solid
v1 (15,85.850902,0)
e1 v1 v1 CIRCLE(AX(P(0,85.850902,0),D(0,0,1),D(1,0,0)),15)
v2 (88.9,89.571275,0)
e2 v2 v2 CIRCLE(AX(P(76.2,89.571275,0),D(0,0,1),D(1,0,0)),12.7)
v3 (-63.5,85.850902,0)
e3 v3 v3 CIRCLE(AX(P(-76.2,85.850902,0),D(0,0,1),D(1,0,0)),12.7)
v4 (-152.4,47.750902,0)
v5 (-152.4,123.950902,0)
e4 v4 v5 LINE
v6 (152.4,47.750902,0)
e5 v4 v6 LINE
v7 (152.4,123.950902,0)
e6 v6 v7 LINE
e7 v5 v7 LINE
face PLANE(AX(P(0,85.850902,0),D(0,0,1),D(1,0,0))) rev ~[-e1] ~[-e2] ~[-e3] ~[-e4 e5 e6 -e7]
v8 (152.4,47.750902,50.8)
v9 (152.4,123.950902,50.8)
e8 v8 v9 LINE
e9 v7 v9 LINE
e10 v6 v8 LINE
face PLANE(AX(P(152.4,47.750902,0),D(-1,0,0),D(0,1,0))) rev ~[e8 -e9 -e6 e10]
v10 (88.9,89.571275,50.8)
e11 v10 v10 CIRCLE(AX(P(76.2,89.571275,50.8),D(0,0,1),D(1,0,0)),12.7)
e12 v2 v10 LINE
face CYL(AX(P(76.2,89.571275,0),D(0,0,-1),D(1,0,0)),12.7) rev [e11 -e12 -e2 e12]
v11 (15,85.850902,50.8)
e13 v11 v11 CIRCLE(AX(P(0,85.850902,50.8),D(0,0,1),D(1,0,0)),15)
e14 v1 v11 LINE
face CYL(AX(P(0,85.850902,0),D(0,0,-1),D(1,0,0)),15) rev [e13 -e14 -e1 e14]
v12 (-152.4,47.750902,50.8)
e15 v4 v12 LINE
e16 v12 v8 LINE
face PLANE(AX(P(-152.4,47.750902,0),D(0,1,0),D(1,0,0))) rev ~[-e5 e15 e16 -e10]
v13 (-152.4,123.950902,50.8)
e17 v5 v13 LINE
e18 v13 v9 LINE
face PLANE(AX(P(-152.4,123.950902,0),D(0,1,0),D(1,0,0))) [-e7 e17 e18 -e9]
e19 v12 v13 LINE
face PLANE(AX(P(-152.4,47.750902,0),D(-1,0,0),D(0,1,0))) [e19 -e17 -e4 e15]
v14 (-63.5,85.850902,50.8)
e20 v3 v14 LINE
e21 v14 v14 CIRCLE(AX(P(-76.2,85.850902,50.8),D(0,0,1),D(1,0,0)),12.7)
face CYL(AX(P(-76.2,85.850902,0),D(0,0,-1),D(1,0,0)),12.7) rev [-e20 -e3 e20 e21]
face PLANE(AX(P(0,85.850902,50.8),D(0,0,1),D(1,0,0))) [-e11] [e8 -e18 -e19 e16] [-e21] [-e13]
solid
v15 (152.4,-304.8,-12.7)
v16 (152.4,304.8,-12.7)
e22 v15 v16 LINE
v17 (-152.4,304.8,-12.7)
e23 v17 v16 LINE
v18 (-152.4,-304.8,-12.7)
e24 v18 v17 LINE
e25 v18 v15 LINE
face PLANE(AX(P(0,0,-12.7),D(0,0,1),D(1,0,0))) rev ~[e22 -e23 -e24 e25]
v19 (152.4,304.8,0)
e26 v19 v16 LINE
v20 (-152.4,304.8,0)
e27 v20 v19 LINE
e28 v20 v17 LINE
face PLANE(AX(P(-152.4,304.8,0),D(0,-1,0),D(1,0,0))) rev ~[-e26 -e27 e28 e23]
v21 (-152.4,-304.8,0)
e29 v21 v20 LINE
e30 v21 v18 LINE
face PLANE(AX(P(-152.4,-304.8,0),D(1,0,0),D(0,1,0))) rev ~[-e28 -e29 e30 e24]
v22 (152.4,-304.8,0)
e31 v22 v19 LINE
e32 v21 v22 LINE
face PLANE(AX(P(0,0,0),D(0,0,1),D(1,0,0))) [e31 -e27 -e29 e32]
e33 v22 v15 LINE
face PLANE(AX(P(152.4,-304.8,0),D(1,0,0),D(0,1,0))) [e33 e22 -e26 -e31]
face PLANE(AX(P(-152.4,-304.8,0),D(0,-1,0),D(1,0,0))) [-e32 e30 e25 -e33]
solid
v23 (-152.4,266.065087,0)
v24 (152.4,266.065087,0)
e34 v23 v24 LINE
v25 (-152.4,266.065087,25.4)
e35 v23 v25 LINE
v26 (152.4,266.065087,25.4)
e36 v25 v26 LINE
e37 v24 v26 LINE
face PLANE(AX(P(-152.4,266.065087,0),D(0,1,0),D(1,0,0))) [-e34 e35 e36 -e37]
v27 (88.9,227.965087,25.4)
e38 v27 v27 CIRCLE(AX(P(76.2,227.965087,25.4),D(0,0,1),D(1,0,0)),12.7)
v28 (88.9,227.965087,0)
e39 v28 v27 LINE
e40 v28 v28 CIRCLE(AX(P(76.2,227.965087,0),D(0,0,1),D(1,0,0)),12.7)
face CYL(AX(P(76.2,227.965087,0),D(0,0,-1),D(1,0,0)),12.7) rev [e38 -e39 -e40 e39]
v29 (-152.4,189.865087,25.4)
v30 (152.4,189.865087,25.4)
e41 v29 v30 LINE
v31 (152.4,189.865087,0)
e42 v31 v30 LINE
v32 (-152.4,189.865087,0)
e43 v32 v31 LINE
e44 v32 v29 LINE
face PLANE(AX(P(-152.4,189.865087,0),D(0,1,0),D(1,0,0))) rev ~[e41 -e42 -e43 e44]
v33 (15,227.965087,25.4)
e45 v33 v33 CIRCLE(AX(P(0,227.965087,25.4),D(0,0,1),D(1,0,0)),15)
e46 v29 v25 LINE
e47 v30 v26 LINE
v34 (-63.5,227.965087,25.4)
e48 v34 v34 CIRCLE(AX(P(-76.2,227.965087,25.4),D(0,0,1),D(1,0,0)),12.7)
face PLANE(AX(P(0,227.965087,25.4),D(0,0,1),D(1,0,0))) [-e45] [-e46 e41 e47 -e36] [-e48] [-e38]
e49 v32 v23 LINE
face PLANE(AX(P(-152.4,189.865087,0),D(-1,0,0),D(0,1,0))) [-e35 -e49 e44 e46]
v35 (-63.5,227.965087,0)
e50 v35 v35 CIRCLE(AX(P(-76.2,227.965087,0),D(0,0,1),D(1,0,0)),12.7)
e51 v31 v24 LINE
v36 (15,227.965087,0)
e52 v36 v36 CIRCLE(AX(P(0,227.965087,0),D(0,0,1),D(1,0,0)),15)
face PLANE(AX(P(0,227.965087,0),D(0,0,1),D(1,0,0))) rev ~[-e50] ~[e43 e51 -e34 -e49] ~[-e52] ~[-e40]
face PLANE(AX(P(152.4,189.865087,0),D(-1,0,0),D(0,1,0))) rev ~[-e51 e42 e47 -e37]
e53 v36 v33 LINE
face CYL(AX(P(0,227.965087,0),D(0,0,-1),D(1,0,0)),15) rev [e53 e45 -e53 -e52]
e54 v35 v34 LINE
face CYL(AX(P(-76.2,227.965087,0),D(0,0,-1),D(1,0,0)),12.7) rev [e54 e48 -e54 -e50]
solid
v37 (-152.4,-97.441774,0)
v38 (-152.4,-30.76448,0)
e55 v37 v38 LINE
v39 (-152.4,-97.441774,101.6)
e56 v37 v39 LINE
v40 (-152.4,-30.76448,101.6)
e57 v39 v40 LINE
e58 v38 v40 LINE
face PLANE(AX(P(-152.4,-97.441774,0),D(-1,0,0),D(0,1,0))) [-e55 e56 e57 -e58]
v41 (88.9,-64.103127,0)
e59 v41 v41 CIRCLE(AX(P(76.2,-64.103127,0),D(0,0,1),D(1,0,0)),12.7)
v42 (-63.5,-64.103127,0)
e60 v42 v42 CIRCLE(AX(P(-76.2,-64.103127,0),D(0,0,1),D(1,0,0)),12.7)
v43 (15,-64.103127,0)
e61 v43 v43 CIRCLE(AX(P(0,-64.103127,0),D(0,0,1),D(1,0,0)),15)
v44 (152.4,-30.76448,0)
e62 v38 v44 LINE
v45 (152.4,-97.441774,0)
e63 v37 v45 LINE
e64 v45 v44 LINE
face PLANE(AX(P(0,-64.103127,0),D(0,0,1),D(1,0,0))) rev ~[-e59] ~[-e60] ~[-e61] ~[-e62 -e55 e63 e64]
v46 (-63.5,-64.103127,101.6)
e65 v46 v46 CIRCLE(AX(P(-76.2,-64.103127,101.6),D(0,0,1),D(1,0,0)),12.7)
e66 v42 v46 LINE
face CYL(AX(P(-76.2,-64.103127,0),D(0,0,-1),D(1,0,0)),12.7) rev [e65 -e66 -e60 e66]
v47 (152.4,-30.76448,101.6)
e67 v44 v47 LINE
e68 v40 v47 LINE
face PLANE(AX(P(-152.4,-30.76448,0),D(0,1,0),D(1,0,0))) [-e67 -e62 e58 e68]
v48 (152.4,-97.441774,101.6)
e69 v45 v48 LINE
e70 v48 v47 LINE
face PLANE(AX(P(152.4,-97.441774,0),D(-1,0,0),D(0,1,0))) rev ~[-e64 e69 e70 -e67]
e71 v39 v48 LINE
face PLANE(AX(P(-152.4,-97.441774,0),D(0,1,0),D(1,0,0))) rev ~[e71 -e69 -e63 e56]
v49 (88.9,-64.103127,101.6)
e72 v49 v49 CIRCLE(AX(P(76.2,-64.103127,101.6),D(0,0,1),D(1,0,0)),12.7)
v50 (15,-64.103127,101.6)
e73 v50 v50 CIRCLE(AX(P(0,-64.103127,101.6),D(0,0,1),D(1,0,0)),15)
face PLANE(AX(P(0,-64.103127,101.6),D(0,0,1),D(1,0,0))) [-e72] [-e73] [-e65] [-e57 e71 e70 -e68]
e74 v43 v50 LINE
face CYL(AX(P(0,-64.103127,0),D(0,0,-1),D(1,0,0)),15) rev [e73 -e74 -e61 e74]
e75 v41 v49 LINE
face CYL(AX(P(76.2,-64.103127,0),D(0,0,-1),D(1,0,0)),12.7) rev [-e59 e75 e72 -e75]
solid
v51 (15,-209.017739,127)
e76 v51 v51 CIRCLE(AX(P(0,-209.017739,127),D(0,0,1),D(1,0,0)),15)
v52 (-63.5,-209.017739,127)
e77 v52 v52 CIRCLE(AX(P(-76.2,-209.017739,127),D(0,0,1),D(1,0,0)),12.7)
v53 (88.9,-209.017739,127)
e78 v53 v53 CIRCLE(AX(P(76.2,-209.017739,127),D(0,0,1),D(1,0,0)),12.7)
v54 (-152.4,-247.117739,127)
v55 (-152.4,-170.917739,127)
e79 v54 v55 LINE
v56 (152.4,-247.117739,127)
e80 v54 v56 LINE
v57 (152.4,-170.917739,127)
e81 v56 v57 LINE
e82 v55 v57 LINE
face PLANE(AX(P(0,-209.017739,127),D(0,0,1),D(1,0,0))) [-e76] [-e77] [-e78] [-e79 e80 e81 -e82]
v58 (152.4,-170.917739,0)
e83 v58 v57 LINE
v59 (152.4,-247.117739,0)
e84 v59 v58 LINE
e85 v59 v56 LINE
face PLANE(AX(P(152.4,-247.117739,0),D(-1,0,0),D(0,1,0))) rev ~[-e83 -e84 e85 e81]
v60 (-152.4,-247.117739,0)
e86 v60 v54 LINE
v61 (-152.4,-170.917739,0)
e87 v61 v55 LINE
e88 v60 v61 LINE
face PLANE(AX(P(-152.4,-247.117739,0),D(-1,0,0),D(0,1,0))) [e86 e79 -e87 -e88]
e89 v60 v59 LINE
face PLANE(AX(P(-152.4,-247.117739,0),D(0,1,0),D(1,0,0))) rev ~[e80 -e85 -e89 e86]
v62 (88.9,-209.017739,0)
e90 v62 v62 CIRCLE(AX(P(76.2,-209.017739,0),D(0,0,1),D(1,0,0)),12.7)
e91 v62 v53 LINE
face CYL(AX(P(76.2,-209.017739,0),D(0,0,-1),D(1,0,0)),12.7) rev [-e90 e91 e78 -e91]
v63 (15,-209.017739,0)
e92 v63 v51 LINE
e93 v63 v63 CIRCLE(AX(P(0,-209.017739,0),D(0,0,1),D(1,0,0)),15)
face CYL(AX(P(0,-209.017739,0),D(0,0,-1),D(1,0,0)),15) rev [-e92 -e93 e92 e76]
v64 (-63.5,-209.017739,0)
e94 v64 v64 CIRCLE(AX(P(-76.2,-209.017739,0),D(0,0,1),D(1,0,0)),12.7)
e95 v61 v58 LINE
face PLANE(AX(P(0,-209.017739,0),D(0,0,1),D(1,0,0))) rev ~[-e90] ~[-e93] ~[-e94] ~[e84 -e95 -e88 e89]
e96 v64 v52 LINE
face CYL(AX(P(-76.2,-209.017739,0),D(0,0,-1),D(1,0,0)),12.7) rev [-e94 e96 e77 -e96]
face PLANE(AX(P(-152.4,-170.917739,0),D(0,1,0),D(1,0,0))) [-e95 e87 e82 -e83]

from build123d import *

# Parameters (mm, degrees)
F0_W     = 304.8
F0_H     = 609.6
F1_DEPTH = 12.7
F2_W     = 304.8
F2_H     = 76.2
F2_R     = 12.7
F2_R_2   = 15
F3_DEPTH = 127
F4_W     = 304.8
F4_H     = 66.677295
F4_R     = 12.7
F4_R_2   = 15
F5_DEPTH = 101.6
F6_W     = 304.8
F6_H     = 76.2
F6_R     = 12.7
F6_R_2   = 15
F7_DEPTH = 50.8
F8_W     = 304.8
F8_H     = 76.2
F8_R     = 12.7
F8_R_2   = 15
F9_DEPTH = 25.4


with BuildPart() as f1:
    # F0 (on Top) → F1 (new body)
    with BuildSketch(Plane.XY):
        Rectangle(F0_W, F0_H)
    extrude(amount=-F1_DEPTH)


with BuildPart() as f3:
    # F2 (on face) → F3 (new body)
    with BuildSketch(Plane.XY):
        with Locations((0, -209.017739)):
            Rectangle(F2_W, F2_H)
        with Locations((-76.2, -209.017739)):
            Circle(F2_R, mode=Mode.SUBTRACT)
        with Locations((0, -209.017739)):
            Circle(F2_R_2, mode=Mode.SUBTRACT)
        with Locations((76.2, -209.017739)):
            Circle(F2_R, mode=Mode.SUBTRACT)
    extrude(amount=F3_DEPTH)


with BuildPart() as f5:
    # F4 (on face) → F5 (new body)
    with BuildSketch(Plane.XY):
        with Locations((0, -64.103127)):
            Rectangle(F4_W, F4_H)
        with Locations((-76.2, -64.103127)):
            Circle(F4_R, mode=Mode.SUBTRACT)
        with Locations((0, -64.103127)):
            Circle(F4_R_2, mode=Mode.SUBTRACT)
        with Locations((76.2, -64.103127)):
            Circle(F4_R, mode=Mode.SUBTRACT)
    extrude(amount=F5_DEPTH)


with BuildPart() as f7:
    # F6 (on face) → F7 (new body)
    with BuildSketch(Plane.XY):
        with Locations((0, 85.850902)):
            Rectangle(F6_W, F6_H)
        with Locations((-76.2, 85.850902)):
            Circle(F6_R, mode=Mode.SUBTRACT)
        with Locations((0, 85.850902)):
            Circle(F6_R_2, mode=Mode.SUBTRACT)
        with Locations((76.2, 89.571275)):
            Circle(F6_R, mode=Mode.SUBTRACT)
    extrude(amount=F7_DEPTH)


with BuildPart() as f9:
    # F8 (on face) → F9 (new body)
    with BuildSketch(Plane.XY):
        with Locations((0, 227.965087)):
            Rectangle(F8_W, F8_H)
        with Locations((-76.2, 227.965087)):
            Circle(F8_R, mode=Mode.SUBTRACT)
        with Locations((0, 227.965087)):
            Circle(F8_R_2, mode=Mode.SUBTRACT)
        with Locations((76.2, 227.965087)):
            Circle(F8_R, mode=Mode.SUBTRACT)
    extrude(amount=F9_DEPTH)


solid = Compound([f1.part, f3.part, f5.part, f7.part, f9.part])
